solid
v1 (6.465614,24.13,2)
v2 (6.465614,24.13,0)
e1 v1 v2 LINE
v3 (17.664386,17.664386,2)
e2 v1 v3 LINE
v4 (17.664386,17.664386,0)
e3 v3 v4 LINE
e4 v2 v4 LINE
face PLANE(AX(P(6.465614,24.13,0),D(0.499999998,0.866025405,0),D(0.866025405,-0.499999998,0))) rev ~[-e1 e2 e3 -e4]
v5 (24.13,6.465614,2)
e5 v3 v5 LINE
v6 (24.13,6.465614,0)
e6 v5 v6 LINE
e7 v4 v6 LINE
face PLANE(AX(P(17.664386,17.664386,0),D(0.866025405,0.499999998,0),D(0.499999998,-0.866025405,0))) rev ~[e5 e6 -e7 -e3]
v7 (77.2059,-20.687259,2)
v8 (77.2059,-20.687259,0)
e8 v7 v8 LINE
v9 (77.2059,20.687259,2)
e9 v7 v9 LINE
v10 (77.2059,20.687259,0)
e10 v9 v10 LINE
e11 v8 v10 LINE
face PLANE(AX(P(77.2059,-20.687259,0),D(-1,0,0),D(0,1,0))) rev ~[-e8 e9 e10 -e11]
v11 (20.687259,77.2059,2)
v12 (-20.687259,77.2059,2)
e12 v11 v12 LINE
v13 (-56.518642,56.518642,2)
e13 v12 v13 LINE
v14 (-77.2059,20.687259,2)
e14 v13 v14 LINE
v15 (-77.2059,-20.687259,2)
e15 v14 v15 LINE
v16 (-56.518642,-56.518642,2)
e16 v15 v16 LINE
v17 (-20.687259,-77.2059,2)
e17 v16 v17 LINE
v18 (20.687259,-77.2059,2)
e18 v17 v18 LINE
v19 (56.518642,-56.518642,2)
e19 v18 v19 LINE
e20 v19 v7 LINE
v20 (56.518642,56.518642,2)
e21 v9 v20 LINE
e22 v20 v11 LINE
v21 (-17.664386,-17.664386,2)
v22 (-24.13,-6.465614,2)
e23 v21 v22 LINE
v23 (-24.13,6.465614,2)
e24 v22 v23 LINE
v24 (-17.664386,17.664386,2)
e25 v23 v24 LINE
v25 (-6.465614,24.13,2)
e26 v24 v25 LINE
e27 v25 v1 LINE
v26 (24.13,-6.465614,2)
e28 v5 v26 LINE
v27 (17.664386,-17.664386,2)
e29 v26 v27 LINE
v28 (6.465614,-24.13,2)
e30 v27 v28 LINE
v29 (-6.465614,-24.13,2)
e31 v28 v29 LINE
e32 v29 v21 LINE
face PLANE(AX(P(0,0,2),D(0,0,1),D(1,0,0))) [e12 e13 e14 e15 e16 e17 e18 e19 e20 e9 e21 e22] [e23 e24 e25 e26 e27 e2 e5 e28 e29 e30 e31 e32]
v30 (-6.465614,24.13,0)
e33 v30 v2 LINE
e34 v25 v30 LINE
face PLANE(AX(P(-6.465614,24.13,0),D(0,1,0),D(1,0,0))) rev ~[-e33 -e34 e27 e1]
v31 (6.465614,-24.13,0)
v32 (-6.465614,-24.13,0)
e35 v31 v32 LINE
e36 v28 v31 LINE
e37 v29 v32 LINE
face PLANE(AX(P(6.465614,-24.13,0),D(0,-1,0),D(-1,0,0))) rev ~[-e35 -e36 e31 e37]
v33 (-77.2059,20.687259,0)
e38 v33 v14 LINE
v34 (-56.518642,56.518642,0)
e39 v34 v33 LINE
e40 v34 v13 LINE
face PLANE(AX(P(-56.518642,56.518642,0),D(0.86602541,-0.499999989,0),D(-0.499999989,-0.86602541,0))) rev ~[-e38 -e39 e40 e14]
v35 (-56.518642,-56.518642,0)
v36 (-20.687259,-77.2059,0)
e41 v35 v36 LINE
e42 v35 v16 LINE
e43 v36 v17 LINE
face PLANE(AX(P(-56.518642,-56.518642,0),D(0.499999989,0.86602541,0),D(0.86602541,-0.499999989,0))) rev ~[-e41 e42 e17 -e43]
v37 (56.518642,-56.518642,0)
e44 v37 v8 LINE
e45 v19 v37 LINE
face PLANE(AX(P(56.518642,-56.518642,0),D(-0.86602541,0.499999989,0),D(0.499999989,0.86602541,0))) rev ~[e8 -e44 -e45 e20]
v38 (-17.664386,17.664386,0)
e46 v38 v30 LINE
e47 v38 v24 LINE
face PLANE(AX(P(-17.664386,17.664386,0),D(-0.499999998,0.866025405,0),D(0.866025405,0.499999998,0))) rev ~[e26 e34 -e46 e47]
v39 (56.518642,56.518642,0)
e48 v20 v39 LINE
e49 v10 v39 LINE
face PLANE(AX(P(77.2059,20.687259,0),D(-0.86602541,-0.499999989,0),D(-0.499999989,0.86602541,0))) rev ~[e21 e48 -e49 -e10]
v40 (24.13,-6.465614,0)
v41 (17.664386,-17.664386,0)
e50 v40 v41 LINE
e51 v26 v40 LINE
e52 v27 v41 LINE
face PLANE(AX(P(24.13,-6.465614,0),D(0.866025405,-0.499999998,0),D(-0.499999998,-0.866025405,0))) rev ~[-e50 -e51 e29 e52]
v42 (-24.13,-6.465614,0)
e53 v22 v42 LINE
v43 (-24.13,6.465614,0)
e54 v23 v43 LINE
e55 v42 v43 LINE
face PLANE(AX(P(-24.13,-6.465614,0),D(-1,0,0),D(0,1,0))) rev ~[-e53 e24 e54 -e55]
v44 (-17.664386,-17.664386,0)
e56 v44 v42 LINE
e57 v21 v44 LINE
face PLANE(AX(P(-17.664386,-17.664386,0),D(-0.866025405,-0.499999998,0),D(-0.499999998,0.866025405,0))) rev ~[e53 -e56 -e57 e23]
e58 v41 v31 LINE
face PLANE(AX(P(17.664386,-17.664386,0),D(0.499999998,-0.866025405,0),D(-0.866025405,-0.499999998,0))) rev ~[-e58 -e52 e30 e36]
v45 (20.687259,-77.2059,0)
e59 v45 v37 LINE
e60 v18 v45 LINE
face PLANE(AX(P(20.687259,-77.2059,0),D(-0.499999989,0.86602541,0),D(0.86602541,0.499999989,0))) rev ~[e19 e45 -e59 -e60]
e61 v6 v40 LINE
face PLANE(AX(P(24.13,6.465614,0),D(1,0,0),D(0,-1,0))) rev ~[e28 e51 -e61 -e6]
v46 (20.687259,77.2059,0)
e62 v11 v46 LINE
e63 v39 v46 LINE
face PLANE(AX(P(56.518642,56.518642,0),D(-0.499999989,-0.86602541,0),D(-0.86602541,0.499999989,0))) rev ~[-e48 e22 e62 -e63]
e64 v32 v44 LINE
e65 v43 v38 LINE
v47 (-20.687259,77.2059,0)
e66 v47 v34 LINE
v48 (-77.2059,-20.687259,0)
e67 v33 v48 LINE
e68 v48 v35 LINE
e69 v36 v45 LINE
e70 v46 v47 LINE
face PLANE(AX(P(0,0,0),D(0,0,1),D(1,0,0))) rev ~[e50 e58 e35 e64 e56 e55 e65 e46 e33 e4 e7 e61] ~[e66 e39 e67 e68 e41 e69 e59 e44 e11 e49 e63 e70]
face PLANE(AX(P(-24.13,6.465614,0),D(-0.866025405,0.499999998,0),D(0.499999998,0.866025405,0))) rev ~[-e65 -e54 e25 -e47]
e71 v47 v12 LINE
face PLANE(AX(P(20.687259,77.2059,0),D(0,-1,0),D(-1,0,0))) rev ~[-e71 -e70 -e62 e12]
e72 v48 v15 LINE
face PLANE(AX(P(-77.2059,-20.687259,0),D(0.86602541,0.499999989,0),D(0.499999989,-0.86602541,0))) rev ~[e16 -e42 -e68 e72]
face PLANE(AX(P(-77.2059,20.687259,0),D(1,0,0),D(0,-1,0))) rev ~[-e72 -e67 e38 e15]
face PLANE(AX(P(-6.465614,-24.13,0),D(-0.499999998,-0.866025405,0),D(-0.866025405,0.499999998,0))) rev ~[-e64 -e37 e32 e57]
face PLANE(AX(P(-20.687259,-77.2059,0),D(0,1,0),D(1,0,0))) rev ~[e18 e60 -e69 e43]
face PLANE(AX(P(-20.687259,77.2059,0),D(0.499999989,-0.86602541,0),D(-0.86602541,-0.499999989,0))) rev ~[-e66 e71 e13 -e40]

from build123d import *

# Parameters (mm, degrees)
F1_DEPTH = 1.5875
F2_DEPTH = 2


with BuildPart() as f1:
    # F0 (on Top) → F1 (new body)
    with BuildSketch(Plane.XY):
        Polygon((20.687259, 77.2059), (-20.687259, 77.2059), (-56.518642, 56.518642), (-77.2059, 20.687259), (-77.2059, -20.687259), (-56.518642, -56.518642), (-20.687259, -77.2059), (20.687259, -77.2059), (56.518642, -56.518642), (77.2059, -20.687259), (77.2059, 20.687259), (56.518642, 56.518642), align=None)
        Polygon((-17.664386, 17.664386), (-6.465614, 24.13), (6.465614, 24.13), (17.664386, 17.664386), (24.13, 6.465614), (24.13, -6.465614), (17.664386, -17.664386), (6.465614, -24.13), (-6.465614, -24.13), (-17.664386, -17.664386), (-24.13, -6.465614), (-24.13, 6.465614), align=None, mode=Mode.SUBTRACT)
    extrude(amount=F1_DEPTH)

    # F0 (on Top) → F2 (join)
    with BuildSketch(Plane.XY):
        Polygon((20.687259, 77.2059), (-20.687259, 77.2059), (-56.518642, 56.518642), (-77.2059, 20.687259), (-77.2059, -20.687259), (-56.518642, -56.518642), (-20.687259, -77.2059), (20.687259, -77.2059), (56.518642, -56.518642), (77.2059, -20.687259), (77.2059, 20.687259), (56.518642, 56.518642), align=None)
        Polygon((-17.664386, 17.664386), (-6.465614, 24.13), (6.465614, 24.13), (17.664386, 17.664386), (24.13, 6.465614), (24.13, -6.465614), (17.664386, -17.664386), (6.465614, -24.13), (-6.465614, -24.13), (-17.664386, -17.664386), (-24.13, -6.465614), (-24.13, 6.465614), align=None, mode=Mode.SUBTRACT)
    extrude(amount=F2_DEPTH)


solid = f1.part
